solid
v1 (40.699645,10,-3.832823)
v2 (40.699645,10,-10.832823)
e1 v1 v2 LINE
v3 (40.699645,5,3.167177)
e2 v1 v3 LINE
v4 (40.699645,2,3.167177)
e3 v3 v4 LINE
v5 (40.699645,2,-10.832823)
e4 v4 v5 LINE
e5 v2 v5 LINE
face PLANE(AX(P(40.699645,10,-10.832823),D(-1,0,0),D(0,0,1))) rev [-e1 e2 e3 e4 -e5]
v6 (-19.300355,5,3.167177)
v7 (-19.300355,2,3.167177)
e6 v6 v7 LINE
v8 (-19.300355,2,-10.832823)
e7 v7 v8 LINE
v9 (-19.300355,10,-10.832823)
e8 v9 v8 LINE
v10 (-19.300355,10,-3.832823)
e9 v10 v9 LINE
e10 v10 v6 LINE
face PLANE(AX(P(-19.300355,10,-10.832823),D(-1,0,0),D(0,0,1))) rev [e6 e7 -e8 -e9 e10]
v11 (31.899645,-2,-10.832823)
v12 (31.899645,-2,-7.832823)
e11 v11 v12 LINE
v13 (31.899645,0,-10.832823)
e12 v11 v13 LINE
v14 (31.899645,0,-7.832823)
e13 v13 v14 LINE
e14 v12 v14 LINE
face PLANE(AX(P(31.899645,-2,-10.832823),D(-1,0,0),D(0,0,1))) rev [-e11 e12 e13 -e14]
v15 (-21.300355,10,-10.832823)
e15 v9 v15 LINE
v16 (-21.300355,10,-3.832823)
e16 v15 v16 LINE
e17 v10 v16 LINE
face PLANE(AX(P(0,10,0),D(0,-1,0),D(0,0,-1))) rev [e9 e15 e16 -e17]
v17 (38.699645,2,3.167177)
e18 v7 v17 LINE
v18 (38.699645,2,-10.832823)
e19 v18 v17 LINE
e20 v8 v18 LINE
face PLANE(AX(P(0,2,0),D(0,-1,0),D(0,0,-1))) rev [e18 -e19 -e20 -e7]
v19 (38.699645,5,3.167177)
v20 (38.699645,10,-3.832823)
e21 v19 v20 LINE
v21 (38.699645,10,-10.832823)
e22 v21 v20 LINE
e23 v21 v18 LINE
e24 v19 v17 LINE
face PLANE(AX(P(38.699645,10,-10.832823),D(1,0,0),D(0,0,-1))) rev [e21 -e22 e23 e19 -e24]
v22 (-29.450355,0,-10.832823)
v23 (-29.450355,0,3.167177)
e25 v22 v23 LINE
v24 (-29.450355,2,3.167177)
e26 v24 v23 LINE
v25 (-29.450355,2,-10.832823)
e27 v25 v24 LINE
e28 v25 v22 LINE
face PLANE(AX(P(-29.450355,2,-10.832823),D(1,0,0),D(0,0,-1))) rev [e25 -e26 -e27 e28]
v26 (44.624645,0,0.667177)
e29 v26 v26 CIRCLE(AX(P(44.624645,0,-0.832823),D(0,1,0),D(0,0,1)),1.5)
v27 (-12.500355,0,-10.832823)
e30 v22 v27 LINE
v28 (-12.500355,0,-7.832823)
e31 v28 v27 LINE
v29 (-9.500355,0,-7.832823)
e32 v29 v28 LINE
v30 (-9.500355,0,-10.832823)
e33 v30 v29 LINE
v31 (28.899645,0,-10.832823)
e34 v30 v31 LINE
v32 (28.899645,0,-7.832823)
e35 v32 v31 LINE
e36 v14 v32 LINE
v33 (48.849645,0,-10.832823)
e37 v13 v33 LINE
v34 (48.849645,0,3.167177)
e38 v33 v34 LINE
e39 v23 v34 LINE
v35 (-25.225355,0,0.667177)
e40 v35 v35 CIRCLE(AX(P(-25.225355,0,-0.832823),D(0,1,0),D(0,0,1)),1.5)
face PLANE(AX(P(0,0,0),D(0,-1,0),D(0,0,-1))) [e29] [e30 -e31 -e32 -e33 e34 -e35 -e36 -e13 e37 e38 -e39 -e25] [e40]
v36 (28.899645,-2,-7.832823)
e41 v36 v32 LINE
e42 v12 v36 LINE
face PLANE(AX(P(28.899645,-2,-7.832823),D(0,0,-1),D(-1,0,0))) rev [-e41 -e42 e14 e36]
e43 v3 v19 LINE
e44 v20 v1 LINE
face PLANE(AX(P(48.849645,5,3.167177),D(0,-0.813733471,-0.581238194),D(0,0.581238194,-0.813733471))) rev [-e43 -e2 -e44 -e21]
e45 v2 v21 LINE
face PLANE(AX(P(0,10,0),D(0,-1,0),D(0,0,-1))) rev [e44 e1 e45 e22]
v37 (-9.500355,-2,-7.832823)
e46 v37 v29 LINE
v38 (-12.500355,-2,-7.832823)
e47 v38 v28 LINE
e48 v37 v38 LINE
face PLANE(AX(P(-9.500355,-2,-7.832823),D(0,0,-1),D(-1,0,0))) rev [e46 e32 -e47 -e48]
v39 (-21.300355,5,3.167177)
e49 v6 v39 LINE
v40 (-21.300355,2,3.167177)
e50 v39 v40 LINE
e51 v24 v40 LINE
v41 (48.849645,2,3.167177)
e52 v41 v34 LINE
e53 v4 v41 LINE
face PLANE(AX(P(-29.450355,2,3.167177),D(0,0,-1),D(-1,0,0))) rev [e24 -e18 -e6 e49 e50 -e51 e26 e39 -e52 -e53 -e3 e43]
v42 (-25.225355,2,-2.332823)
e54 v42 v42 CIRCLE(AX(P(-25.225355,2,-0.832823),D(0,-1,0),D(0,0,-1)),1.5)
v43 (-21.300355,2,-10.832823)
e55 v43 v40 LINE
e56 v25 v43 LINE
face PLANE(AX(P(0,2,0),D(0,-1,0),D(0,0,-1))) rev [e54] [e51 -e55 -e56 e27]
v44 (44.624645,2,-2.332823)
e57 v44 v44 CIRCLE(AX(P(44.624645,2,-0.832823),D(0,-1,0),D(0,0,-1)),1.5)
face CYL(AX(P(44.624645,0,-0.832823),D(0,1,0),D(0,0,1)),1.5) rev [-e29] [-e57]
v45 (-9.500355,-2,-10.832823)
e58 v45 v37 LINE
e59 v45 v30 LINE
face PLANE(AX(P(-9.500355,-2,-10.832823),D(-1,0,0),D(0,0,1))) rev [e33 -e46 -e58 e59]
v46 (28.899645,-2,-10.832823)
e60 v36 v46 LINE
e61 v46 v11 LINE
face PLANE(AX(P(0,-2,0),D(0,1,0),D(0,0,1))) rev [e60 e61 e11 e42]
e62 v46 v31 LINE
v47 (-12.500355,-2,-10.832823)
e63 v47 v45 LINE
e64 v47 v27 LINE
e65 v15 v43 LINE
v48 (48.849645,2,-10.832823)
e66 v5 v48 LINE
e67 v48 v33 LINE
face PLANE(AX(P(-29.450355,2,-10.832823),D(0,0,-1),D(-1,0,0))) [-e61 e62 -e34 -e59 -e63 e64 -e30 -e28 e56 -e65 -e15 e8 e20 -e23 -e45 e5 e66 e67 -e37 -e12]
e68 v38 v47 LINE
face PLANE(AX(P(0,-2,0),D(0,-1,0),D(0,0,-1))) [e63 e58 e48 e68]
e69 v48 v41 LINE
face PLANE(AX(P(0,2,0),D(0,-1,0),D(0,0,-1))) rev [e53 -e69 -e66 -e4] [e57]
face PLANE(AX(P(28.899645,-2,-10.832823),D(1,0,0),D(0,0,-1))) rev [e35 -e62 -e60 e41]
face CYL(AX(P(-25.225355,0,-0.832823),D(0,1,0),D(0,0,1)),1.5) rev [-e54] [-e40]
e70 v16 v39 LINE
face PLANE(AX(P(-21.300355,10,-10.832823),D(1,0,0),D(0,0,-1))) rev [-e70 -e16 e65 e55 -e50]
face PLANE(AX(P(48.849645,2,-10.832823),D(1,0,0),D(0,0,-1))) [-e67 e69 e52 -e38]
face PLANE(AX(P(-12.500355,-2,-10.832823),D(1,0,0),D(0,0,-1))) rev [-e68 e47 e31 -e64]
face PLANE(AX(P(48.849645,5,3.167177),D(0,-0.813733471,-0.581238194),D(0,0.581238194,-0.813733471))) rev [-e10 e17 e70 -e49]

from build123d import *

# Parameters (mm, degrees)
SKETCH1_W               = 78.3
SKETCH1_H               = 14
BOSS_EXTRUDE1_DEPTH     = 2
SKETCH3_R               = 1.5
CUT_EXTRUDE2_DEPTH      = 1
CUT_EXTRUDE2_DEPTH_BACK = 3
SKETCH5_W               = 3
SKETCH5_H               = 3
BOSS_EXTRUDE2_DEPTH     = 2
SKETCH7_W               = 2
SKETCH7_H               = 14
BOSS_EXTRUDE3_DEPTH     = 8
CUT_EXTRUDE6_DEPTH      = 9.15
CUT_EXTRUDE6_DEPTH_BACK = 71.15


with BuildPart() as part:
    # Sketch1 → Boss-Extrude1 (new body)
    with BuildSketch(Plane(origin=(0, 0, 0), x_dir=(1, 0, 0), z_dir=(0, 1, 0))):
        with Locations((9.69964517, 3.832823468)):
            Rectangle(SKETCH1_W, SKETCH1_H)
    extrude(amount=BOSS_EXTRUDE1_DEPTH)

    # Sketch3 → Cut-Extrude2 (cut, two sides)
    with BuildSketch(Plane(origin=(0, 2, 0), x_dir=(1, 0, 0), z_dir=(0, 1, 0))) as cut_extrude2_sk:
        with Locations((-25.22535483, 0.832823468)):
            Circle(SKETCH3_R)
        with Locations((44.62464517, 0.832823468)):
            Circle(SKETCH3_R)
    extrude(amount=CUT_EXTRUDE2_DEPTH, mode=Mode.SUBTRACT)
    extrude(cut_extrude2_sk.sketch, amount=-CUT_EXTRUDE2_DEPTH_BACK, mode=Mode.SUBTRACT)

    # Sketch5 → Boss-Extrude2 (add)
    with BuildSketch(Plane.XZ):
        with Locations((-11.00035483, -9.332823468)):
            Rectangle(SKETCH5_W, SKETCH5_H)
        with Locations((30.39964517, -9.332823468)):
            Rectangle(SKETCH5_W, SKETCH5_H)
    extrude(amount=BOSS_EXTRUDE2_DEPTH)

    # Sketch7 → Boss-Extrude3 (add)
    with BuildSketch(Plane(origin=(0, 2, 0), x_dir=(1, 0, 0), z_dir=(0, 1, 0))):
        with Locations((39.69964517, 3.832823468)):
            Rectangle(SKETCH7_W, SKETCH7_H)
        with Locations((-20.30035483, 3.832823468)):
            Rectangle(SKETCH7_W, SKETCH7_H)
    extrude(amount=BOSS_EXTRUDE3_DEPTH)

    # Sketch9 → Cut-Extrude6 (cut, two sides)
    with BuildSketch(Plane.ZY.offset(21.30035483)) as cut_extrude6_sk:
        Polygon((3.167176532, 10), (3.167176532, 5), (-3.832823468, 10), align=None)
    extrude(amount=CUT_EXTRUDE6_DEPTH, mode=Mode.SUBTRACT)
    extrude(cut_extrude6_sk.sketch, amount=-CUT_EXTRUDE6_DEPTH_BACK, mode=Mode.SUBTRACT)


solid = part.part
